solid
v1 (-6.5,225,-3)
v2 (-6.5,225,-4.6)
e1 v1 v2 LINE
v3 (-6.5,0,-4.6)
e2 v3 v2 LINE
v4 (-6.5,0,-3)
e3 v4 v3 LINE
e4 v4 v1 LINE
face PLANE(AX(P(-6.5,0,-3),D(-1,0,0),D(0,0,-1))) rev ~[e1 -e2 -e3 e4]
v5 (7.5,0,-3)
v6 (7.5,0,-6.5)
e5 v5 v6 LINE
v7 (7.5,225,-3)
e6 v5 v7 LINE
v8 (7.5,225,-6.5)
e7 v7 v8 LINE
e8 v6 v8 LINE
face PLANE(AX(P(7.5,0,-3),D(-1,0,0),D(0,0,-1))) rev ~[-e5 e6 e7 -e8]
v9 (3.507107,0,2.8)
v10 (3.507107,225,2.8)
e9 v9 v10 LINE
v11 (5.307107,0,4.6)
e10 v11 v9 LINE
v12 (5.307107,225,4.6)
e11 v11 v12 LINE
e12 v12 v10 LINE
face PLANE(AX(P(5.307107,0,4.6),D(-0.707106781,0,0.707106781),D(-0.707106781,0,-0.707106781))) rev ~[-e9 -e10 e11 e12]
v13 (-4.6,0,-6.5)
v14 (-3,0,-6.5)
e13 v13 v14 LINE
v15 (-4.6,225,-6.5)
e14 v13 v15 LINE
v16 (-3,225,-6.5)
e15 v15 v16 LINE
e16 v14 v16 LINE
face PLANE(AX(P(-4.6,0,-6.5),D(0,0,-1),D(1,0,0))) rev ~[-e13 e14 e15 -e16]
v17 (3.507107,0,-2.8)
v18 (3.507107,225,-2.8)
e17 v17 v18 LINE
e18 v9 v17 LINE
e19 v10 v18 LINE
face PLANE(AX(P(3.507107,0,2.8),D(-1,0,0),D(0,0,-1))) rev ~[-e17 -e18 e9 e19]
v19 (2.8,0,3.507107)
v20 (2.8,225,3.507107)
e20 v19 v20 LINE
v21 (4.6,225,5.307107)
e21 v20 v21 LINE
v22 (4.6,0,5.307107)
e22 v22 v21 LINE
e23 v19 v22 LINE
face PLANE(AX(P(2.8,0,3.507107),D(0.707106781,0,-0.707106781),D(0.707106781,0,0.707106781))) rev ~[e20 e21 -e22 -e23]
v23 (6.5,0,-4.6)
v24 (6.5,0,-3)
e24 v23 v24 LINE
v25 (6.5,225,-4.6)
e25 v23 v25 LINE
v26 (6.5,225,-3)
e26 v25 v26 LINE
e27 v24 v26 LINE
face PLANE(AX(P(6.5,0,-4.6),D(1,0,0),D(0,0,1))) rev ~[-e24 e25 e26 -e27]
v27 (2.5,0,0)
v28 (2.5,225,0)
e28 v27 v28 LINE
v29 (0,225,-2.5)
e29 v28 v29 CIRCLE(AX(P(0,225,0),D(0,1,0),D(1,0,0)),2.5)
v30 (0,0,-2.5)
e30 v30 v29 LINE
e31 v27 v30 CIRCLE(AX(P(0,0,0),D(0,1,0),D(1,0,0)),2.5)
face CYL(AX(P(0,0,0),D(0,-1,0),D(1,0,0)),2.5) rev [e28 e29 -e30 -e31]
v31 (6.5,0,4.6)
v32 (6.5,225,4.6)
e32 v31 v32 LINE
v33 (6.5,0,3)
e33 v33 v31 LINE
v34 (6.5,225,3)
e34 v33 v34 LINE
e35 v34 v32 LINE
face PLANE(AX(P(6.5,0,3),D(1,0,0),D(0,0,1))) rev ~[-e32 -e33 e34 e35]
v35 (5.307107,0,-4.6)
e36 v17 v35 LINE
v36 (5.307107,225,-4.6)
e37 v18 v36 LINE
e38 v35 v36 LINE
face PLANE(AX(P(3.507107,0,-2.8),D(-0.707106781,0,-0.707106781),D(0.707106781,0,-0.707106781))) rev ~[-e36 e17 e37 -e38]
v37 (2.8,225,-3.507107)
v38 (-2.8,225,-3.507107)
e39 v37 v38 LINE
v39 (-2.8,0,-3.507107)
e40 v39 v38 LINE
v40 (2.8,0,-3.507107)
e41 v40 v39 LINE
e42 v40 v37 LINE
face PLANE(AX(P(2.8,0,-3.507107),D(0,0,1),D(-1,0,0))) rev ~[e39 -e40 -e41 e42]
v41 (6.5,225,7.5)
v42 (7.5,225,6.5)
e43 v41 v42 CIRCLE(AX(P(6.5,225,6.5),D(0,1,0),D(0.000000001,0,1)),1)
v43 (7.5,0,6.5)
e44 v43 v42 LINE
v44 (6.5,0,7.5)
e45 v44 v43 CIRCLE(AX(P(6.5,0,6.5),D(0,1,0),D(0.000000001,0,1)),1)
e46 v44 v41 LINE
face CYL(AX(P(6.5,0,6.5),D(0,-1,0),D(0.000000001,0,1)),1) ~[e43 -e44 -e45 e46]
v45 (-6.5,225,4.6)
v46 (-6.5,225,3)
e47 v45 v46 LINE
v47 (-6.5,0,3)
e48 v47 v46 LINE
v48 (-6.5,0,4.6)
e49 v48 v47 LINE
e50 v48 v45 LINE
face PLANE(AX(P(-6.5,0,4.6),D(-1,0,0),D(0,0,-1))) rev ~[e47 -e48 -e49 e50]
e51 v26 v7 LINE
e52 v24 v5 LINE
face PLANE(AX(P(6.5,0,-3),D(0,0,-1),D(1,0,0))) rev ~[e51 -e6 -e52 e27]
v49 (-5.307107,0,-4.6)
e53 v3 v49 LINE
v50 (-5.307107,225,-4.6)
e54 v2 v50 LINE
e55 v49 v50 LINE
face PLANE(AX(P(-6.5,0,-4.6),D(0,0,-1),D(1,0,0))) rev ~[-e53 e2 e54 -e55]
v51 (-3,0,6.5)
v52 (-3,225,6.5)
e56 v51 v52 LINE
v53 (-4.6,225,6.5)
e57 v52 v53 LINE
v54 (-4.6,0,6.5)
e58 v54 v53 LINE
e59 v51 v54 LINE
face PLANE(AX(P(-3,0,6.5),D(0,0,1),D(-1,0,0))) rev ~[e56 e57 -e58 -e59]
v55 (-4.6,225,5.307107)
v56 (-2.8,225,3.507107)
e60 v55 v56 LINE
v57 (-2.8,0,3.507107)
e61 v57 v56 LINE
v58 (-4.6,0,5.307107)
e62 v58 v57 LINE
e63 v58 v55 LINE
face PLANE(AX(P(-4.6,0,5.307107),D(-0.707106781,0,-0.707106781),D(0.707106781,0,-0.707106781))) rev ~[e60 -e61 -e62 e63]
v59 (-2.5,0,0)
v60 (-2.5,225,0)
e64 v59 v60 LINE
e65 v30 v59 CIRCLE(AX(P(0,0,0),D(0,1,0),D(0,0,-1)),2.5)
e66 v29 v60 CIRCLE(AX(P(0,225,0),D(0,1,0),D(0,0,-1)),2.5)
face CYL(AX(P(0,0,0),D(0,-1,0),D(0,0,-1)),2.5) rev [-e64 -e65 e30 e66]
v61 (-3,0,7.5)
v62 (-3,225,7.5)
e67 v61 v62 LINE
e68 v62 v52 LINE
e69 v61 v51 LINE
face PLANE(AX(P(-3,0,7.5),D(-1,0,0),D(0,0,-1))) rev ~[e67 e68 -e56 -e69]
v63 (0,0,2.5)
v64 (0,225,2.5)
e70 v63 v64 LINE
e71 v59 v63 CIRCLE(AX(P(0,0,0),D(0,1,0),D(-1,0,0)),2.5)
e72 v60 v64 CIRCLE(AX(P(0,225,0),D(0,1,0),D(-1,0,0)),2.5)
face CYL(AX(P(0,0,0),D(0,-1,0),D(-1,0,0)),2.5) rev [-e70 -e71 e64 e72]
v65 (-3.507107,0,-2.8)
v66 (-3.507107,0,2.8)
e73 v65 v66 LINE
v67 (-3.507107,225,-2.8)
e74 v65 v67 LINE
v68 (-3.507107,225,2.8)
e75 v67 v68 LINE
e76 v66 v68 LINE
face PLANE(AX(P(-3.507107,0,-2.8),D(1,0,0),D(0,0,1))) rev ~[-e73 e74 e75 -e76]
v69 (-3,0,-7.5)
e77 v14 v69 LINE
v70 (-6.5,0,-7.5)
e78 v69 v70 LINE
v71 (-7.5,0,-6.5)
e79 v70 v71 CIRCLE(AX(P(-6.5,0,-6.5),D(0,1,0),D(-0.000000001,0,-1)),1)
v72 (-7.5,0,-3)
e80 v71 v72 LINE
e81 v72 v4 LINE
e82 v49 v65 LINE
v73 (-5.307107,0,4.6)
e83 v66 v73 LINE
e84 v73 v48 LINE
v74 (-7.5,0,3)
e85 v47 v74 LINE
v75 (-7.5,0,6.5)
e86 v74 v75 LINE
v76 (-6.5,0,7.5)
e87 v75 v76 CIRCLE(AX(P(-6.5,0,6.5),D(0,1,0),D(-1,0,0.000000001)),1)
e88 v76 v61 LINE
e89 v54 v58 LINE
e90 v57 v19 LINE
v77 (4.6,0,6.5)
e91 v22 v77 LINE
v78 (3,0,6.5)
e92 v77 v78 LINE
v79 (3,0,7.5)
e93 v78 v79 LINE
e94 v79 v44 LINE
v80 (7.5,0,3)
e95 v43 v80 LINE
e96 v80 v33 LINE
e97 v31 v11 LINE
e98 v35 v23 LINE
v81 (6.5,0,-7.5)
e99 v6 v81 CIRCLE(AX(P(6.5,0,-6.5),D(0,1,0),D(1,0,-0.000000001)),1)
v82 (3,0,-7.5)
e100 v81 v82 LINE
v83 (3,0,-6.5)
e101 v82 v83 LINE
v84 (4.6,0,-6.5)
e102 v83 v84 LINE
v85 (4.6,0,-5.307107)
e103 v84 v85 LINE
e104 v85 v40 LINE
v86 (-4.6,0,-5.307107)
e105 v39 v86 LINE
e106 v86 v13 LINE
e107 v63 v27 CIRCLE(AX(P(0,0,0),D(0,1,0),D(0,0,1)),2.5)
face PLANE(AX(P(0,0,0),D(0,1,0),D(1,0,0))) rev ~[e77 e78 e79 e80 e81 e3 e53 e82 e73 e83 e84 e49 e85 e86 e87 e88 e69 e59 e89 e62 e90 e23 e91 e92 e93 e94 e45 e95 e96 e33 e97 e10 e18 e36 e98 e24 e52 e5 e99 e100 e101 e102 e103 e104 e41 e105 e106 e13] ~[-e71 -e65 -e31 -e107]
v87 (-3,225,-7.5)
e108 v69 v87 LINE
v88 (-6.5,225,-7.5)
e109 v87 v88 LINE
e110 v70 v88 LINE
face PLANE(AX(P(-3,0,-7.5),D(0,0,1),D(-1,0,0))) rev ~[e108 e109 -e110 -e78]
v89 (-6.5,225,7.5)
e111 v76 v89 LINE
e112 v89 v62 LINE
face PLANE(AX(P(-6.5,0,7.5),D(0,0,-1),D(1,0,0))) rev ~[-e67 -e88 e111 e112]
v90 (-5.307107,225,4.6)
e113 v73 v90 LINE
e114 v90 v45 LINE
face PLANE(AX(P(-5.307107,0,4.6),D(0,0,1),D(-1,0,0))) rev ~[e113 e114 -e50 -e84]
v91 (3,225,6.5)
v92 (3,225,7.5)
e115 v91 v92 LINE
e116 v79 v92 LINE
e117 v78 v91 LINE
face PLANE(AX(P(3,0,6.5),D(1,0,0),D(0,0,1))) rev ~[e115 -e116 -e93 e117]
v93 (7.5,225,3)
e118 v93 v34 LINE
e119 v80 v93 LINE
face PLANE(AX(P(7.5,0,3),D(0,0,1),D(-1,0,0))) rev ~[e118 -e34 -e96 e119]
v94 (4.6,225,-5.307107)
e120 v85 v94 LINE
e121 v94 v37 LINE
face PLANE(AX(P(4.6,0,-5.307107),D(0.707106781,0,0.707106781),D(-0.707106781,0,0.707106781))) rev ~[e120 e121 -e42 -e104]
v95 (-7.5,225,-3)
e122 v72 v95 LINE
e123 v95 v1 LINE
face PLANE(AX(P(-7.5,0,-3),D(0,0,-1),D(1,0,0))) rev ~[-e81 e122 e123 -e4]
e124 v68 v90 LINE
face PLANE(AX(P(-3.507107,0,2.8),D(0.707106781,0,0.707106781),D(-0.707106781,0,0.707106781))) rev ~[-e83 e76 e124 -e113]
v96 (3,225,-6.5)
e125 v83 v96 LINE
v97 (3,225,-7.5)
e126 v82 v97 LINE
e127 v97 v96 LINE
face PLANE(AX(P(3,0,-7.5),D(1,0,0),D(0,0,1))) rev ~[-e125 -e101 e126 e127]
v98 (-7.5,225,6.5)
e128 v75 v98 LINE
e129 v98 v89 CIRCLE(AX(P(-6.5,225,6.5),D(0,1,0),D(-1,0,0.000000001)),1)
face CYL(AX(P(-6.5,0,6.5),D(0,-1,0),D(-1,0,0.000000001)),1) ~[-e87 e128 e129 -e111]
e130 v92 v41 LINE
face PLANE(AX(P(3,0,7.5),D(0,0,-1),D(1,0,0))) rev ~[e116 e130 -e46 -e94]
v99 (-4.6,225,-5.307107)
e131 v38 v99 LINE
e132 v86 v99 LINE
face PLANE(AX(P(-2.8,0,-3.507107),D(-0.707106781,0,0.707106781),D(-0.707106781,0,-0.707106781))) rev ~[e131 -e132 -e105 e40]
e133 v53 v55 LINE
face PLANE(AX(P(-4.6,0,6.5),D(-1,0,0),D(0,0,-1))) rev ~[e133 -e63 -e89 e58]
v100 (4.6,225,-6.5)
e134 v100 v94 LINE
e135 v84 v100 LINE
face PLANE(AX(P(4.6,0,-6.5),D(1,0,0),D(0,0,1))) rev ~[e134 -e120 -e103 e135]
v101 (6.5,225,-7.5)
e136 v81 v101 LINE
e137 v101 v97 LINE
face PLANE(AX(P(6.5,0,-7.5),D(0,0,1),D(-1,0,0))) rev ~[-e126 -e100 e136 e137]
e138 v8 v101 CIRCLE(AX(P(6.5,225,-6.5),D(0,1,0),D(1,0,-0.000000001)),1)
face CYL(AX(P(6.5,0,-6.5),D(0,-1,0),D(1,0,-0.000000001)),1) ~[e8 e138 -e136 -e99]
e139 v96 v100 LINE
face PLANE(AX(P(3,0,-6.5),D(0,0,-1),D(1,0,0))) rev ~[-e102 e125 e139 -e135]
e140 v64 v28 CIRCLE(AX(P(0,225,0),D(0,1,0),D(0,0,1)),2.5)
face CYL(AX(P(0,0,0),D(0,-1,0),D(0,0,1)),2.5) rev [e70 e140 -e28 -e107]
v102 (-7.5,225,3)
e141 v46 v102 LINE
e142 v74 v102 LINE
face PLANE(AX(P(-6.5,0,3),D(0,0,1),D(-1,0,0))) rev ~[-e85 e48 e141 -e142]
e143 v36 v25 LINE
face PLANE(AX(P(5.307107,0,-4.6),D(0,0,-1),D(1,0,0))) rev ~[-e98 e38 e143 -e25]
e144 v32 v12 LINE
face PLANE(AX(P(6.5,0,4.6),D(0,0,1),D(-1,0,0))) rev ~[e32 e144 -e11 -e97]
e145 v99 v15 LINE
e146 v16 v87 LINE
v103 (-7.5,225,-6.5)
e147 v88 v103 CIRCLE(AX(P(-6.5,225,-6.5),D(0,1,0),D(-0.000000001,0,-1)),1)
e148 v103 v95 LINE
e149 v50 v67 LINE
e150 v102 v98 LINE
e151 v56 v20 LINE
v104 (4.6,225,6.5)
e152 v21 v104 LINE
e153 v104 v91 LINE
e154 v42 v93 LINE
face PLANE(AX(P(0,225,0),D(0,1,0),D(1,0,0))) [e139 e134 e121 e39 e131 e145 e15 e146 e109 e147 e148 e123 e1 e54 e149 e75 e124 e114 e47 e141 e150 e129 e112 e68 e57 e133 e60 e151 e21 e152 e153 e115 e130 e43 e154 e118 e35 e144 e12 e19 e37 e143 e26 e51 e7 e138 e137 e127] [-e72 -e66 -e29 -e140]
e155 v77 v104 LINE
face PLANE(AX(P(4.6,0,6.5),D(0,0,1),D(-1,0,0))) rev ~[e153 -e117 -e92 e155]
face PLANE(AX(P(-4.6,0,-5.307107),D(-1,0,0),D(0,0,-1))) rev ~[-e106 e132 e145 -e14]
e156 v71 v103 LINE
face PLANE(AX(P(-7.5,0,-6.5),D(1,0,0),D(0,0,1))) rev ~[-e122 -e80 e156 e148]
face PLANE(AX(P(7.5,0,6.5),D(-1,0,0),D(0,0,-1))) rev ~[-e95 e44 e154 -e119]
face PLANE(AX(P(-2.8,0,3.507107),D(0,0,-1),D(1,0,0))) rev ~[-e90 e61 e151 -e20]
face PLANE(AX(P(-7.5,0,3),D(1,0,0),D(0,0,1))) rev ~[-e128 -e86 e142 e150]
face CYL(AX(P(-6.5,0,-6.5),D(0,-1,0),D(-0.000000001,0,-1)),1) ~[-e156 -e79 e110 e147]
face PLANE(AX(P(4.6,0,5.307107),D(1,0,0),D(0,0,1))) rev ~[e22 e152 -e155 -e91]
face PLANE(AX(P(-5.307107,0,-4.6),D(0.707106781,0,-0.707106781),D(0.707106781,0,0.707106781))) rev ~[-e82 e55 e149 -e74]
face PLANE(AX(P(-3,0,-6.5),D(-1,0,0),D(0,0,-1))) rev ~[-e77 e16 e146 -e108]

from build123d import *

# Parameters (mm, degrees)
BOSS_EXTRUDE1_DEPTH = 225


with BuildPart() as part:
    # Sketch1 → Boss-Extrude1 (new body)
    with BuildSketch(Plane(origin=(0, 0, 0), x_dir=(1, 0, 0), z_dir=(0, 1, 0))):
        with BuildLine():
            Line((-7.5, -3), (-7.5, -6.5))
            ThreePointArc((-7.5, -6.5), (-7.207106781, -7.207106781), (-6.5, -7.5))
            Line((-6.5, -7.5), (-3, -7.5))
            Line((-3, -7.5), (-3, -6.5))
            Line((-3, -6.5), (-4.6, -6.5))
            Line((-4.6, -6.5), (-4.6, -5.307106781))
            Line((-4.6, -5.307106781), (-2.8, -3.507106781))
            Line((-2.8, -3.507106781), (0, -3.507106781))
            Line((0, -3.507106781), (2.8, -3.507106781))
            Line((2.8, -3.507106781), (4.6, -5.307106781))
            Line((4.6, -5.307106781), (4.6, -6.5))
            Line((4.6, -6.5), (3, -6.5))
            Line((3, -6.5), (3, -7.5))
            Line((3, -7.5), (6.5, -7.5))
            ThreePointArc((6.5, -7.5), (7.207106781, -7.207106781), (7.5, -6.5))
            Line((7.5, -6.5), (7.5, -3))
            Line((7.5, -3), (6.5, -3))
            Line((6.5, -3), (6.5, -4.6))
            Line((6.5, -4.6), (5.307106781, -4.6))
            Line((5.307106781, -4.6), (3.507106781, -2.8))
            Line((3.507106781, -2.8), (3.507106781, 0))
            Line((3.507106781, 0), (3.507106781, 2.8))
            Line((3.507106781, 2.8), (5.307106781, 4.6))
            Line((5.307106781, 4.6), (6.5, 4.6))
            Line((6.5, 4.6), (6.5, 3))
            Line((6.5, 3), (7.5, 3))
            Line((7.5, 3), (7.5, 6.5))
            ThreePointArc((7.5, 6.5), (7.207106781, 7.207106781), (6.5, 7.5))
            Line((6.5, 7.5), (3, 7.5))
            Line((3, 7.5), (3, 6.5))
            Line((3, 6.5), (4.6, 6.5))
            Line((4.6, 6.5), (4.6, 5.307106781))
            Line((4.6, 5.307106781), (2.8, 3.507106781))
            Line((2.8, 3.507106781), (0, 3.507106781))
            Line((0, 3.507106781), (-2.8, 3.507106781))
            Line((-2.8, 3.507106781), (-4.6, 5.307106781))
            Line((-4.6, 5.307106781), (-4.6, 6.5))
            Line((-4.6, 6.5), (-3, 6.5))
            Line((-3, 6.5), (-3, 7.5))
            Line((-3, 7.5), (-6.5, 7.5))
            ThreePointArc((-6.5, 7.5), (-7.207106781, 7.207106781), (-7.5, 6.5))
            Line((-7.5, 6.5), (-7.5, 3))
            Line((-7.5, 3), (-6.5, 3))
            Line((-6.5, 3), (-6.5, 4.6))
            Line((-6.5, 4.6), (-5.307106781, 4.6))
            Line((-5.307106781, 4.6), (-3.507106781, 2.8))
            Line((-3.507106781, 2.8), (-3.507106781, 0))
            Line((-3.507106781, 0), (-3.507106781, -2.8))
            Line((-3.507106781, -2.8), (-5.307106781, -4.6))
            Line((-5.307106781, -4.6), (-6.5, -4.6))
            Line((-6.5, -4.6), (-6.5, -3))
            Line((-6.5, -3), (-7.5, -3))
        make_face()
        with BuildLine():
            ThreePointArc((-2.5, 0), (-1.767766953, -1.767766953), (0, -2.5))
            ThreePointArc((0, -2.5), (1.767766953, -1.767766953), (2.5, 0))
            ThreePointArc((2.5, 0), (1.767766953, 1.767766953), (0, 2.5))
            ThreePointArc((0, 2.5), (-1.767766953, 1.767766953), (-2.5, 0))
        make_face(mode=Mode.SUBTRACT)
    extrude(amount=BOSS_EXTRUDE1_DEPTH)


solid = part.part
